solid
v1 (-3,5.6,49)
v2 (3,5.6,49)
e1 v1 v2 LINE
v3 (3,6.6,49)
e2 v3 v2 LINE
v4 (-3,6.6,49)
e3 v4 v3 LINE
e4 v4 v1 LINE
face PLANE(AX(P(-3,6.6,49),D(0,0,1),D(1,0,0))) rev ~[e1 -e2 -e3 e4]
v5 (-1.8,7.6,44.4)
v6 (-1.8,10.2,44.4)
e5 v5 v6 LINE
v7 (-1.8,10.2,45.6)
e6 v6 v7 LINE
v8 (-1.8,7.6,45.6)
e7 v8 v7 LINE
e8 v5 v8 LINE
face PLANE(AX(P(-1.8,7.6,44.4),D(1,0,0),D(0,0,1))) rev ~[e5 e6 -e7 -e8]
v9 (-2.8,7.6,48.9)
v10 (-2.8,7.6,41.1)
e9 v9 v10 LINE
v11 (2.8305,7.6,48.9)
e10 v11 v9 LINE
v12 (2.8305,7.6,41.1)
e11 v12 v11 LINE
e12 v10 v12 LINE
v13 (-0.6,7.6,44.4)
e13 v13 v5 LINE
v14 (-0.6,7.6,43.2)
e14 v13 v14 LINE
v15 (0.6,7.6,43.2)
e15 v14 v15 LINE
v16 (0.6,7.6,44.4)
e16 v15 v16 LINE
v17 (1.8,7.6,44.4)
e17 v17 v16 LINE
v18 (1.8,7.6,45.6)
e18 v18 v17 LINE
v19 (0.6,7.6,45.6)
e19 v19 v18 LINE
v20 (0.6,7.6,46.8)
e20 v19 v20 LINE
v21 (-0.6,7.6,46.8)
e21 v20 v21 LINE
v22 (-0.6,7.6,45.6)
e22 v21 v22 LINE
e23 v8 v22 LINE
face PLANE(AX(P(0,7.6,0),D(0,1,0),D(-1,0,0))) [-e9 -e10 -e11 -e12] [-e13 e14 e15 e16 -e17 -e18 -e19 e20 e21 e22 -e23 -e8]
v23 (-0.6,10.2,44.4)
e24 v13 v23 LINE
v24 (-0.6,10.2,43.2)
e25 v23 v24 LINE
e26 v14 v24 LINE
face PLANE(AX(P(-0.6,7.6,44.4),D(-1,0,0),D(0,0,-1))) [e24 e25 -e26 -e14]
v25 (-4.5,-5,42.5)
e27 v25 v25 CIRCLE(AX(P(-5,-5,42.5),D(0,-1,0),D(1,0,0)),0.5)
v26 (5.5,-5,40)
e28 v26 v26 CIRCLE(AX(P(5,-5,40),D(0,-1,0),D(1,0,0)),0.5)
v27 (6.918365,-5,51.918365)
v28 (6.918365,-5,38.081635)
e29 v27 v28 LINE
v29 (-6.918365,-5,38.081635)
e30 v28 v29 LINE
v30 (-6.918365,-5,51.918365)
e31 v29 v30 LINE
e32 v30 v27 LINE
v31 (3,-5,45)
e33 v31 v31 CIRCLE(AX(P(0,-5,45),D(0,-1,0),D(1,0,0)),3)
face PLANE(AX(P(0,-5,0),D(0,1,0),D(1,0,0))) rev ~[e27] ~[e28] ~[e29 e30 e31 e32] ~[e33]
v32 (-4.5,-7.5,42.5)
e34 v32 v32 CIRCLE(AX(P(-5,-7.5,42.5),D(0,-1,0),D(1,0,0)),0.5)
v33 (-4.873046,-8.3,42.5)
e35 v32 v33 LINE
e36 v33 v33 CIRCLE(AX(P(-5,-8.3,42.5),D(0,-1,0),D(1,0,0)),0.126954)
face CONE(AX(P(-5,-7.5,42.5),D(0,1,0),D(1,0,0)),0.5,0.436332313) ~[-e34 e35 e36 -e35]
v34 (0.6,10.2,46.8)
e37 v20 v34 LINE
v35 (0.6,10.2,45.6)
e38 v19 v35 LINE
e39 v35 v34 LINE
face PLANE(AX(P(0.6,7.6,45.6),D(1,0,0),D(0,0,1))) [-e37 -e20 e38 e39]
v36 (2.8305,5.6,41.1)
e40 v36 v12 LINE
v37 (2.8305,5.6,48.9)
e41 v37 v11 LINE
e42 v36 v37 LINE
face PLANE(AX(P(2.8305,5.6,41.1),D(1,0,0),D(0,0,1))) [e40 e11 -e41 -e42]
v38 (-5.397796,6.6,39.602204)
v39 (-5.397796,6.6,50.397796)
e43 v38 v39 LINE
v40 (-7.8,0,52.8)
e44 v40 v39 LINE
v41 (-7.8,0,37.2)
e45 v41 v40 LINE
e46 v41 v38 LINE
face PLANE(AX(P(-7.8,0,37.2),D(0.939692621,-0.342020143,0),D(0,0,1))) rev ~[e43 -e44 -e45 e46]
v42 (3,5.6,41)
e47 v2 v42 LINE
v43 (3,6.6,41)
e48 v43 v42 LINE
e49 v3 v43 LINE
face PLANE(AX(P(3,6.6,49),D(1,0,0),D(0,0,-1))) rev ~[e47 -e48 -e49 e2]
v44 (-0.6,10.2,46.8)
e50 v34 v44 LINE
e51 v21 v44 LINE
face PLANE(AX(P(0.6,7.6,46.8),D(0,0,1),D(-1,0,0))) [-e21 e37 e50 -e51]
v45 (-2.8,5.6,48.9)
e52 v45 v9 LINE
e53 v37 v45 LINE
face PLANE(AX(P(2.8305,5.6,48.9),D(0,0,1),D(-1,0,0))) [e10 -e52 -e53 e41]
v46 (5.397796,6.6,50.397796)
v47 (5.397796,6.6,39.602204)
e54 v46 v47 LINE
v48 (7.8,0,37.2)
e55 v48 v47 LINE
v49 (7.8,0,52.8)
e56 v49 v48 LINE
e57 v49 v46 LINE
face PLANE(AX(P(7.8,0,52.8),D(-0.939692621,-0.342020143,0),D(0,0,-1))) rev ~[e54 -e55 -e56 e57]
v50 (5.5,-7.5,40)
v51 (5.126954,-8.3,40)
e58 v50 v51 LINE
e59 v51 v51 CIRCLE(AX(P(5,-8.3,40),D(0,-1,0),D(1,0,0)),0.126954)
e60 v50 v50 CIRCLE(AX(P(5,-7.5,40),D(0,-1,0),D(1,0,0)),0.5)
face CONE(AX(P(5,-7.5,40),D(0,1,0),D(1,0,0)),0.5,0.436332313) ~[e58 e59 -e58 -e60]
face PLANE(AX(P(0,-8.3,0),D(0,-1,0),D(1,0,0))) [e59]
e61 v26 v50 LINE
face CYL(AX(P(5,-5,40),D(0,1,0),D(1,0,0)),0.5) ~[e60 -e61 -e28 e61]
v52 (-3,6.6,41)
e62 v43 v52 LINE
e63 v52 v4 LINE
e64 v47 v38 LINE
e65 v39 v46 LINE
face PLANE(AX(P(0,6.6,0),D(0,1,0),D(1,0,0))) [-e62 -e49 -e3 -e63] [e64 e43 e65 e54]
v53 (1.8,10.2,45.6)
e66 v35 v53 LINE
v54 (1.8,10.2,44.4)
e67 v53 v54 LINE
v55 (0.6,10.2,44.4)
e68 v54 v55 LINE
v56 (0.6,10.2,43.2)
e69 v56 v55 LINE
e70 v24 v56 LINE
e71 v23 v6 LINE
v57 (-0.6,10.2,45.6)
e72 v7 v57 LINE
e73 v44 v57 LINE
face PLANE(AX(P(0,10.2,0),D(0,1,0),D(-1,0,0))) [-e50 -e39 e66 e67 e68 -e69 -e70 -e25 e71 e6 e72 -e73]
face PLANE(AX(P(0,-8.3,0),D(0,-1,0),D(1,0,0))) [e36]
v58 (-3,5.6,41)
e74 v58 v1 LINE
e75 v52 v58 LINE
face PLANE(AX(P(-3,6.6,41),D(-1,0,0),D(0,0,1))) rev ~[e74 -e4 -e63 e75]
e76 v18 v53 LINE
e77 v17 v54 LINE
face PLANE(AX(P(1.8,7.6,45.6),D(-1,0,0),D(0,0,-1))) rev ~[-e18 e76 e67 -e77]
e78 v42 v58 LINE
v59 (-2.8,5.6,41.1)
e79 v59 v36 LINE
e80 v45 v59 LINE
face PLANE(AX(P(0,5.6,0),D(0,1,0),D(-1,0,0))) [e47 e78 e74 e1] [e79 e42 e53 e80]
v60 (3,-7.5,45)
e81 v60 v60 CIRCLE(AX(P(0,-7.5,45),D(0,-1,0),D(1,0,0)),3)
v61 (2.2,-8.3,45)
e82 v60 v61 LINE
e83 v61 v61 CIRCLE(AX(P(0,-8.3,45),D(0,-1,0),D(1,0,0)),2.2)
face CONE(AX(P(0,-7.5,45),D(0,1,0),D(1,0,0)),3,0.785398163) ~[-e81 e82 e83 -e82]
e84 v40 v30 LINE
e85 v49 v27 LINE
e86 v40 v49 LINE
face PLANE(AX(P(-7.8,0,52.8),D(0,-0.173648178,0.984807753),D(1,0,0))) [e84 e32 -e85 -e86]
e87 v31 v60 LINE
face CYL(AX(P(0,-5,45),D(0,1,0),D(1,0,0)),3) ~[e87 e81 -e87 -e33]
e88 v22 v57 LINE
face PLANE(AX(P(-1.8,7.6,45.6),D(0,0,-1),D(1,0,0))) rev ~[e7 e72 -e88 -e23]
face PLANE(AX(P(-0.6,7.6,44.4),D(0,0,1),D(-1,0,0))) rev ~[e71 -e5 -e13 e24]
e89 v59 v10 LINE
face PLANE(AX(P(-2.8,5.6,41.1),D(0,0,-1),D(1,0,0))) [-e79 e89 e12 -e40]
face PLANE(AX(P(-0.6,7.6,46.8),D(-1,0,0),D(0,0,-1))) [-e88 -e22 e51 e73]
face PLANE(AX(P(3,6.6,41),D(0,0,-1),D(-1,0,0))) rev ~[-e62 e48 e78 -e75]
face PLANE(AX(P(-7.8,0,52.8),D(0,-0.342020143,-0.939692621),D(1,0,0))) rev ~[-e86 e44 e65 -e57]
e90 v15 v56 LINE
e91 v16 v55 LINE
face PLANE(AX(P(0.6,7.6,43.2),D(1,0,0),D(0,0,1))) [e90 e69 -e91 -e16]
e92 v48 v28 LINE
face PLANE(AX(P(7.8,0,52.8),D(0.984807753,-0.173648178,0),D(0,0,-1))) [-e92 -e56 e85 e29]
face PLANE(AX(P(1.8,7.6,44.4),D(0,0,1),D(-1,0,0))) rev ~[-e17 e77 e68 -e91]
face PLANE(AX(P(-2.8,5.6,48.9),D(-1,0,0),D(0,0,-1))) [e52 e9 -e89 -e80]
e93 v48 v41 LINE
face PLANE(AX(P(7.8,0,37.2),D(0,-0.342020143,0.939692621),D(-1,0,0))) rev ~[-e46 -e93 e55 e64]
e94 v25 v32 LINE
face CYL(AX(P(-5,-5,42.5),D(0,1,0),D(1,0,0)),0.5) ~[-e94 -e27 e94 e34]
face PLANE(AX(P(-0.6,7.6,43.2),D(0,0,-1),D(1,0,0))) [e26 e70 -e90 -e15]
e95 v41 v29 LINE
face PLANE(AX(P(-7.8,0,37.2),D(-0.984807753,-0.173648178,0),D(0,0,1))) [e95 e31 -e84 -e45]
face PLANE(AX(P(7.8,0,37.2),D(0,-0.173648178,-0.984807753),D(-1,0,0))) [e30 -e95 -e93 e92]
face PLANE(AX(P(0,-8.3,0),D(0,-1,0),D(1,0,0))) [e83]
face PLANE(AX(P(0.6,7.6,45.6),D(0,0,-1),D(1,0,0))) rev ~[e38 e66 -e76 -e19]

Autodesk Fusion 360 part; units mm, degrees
sketch "Sketch1" plane through (0, 0, 0) normal (0, 1, 0) x (1, 0, 0)
sketch "Sketch2" plane through (0, 0, 0) normal (0, 1, 0) x (1, 0, 0)
sketch "Sketch3" plane through (0, 0, 0) normal (0, 1, 0) x (1, 0, 0)
  line L0 (-7.8, -52.8) -> (7.8, -52.8)
  line L1 (7.8, -52.8) -> (7.8, -37.2)
  line L2 (7.8, -37.2) -> (-7.8, -37.2)
  line L3 (-7.8, -37.2) -> (-7.8, -52.8)
  line L4 (-7.8, -52.8) -> (7.8, -37.2) construction
  line L5 (7.8, -52.8) -> (-7.8, -37.2) construction
  point P0 (0, -45)
  dimension "d3" = 15.6
  dimension "d4" = 15.6
extrude "Extrude1" add sketch "Sketch3" along normal blind 6.6 draft -20 makes body 1
sketch "Sketch4" plane through (0, 0, 0) normal (1, 0, 0) x (0, 0, -1)
extrude "Extrude2" add 1 faces at (-2.6, 0, 42.4) along direction (0, -1, 0) blind 5 draft -10 on bodies 1 bodies 1
sketch "Sketch5" plane through (0, 6.6, 0) normal (0, 1, 0) x (-1, 0, 0)
  line L0 (-5.3978, 39.6022) -> (5.3978, 39.6022)
  line L1 (5.3978, 39.6022) -> (5.3978, 50.3978)
  line L2 (5.3978, 50.3978) -> (-5.3978, 50.3978)
  line L3 (-5.3978, 50.3978) -> (-5.3978, 39.6022)
  line L4 (-3, 41) -> (3, 41)
  line L5 (3, 41) -> (3, 49)
  line L6 (3, 49) -> (-3, 49)
  line L7 (-3, 49) -> (-3, 41)
  line L8 (-3, 41) -> (3, 49) construction
  line L9 (3, 41) -> (-3, 49) construction
  point P0 (0, 45)
extrude "Extrude3" cut sketch "Sketch5" against normal blind 1 contours L4 L5 L6 L7 bodies 1
sketch "Sketch6" plane through (0, 5.6, 0) normal (0, 1, 0) x (-1, 0, 0)
  line L0 (-3, 49) -> (-3, 41)
  line L1 (-3, 41) -> (3, 41)
  line L2 (3, 41) -> (3, 49)
  line L3 (3, 49) -> (-3, 49)
  line L4 (2.8, 41.1) -> (-2.8305, 41.1)
  line L5 (-2.8305, 41.1) -> (-2.8305, 48.9)
  line L6 (-2.8305, 48.9) -> (2.8, 48.9)
  line L7 (2.8, 48.9) -> (2.8, 41.1)
  line L8 (2.8, 41.1) -> (-2.8305, 48.9) construction
  line L9 (-2.8305, 41.1) -> (2.8, 48.9) construction
  point P0 (-0.0152, 45)
extrude "Extrude4" add sketch "Sketch6" along normal blind 2 contours L4 L5 L6 L7 bodies 1
sketch "Sketch7" plane through (0, 7.6, 0) normal (0, 1, 0) x (-1, 0, 0)
  line L0 (2.8, 48.9) -> (-2.8305, 48.9)
  line L1 (-2.8305, 48.9) -> (-2.8305, 41.1)
  line L2 (-2.8305, 41.1) -> (2.8, 41.1)
  line L3 (2.8, 41.1) -> (2.8, 48.9)
  line L4 (0.6, 43.2) -> (-0.6, 43.2)
  line L5 (-0.6, 43.2) -> (-0.6, 46.8)
  line L6 (-0.6, 46.8) -> (0.6, 46.8)
  line L7 (0.6, 46.8) -> (0.6, 43.2)
  line L8 (0.6, 43.2) -> (-0.6, 46.8) construction
  line L9 (-0.6, 43.2) -> (0.6, 46.8) construction
  line L10 (-1.8, 44.4) -> (1.8, 44.4)
  line L11 (1.8, 44.4) -> (1.8, 45.6)
  line L12 (1.8, 45.6) -> (-1.8, 45.6)
  line L13 (-1.8, 45.6) -> (-1.8, 44.4)
  line L14 (-1.8, 44.4) -> (1.8, 45.6) construction
  line L15 (1.8, 44.4) -> (-1.8, 45.6) construction
  point P0 (0, 45)
  point P1 (0, 45)
extrude "Extrude5" add sketch "Sketch7" along normal blind 3.2 contours L4 L5 L7 L10 | L5 L7 L10 L12 | L7 L10 L11 L12 | L5 L10 L12 L13 | L5 L6 L7 L12 bodies 1
sketch "Sketch8" plane through (-2.8, 0, 0) normal (-1, 0, 0) x (0, 0, 1)
  line L0 (41.1, 5.6) -> (48.9, 5.6)
  line L1 (48.9, 5.6) -> (48.9, 7.6)
  line L2 (48.9, 7.6) -> (41.1, 7.6)
  line L3 (41.1, 7.6) -> (41.1, 5.6)
extrude "Extrude6" cut 1 faces at (1.4, 10.8, 45.2) along direction (0, -1, 0) blind 0.6 on bodies 1 bodies 1
sketch "Sketch9" plane through (0, -5, 0) normal (0, -1, 0) x (1, 0, 0)
  line L0 (6.9184, 51.9184) -> (-6.9184, 51.9184)
  line L1 (-6.9184, 51.9184) -> (-6.9184, 38.0816)
  line L2 (-6.9184, 38.0816) -> (6.9184, 38.0816)
  line L3 (6.9184, 38.0816) -> (6.9184, 51.9184)
  circle A0 centre (0, 45) radius 3
extrude "Extrude7" add sketch "Sketch9" along normal blind 2.5 contours A0 bodies 1
extrude "Extrude8" add 1 faces at (0.8808, -7.5, 44.8347) along direction (0, -1, 0) blind 0.8 draft -45 on bodies 1 bodies 1
sketch "Sketch10" plane through (0, -5, 0) normal (0, -1, 0) x (1, 0, 0)
  circle A0 centre (0, 45) radius 3
  line L0 (6.9184, 51.9184) -> (-6.9184, 51.9184)
  line L1 (-6.9184, 51.9184) -> (-6.9184, 38.0816)
  line L2 (-6.9184, 38.0816) -> (6.9184, 38.0816)
  line L3 (6.9184, 38.0816) -> (6.9184, 51.9184)
  circle A1 centre (-5, 42.5) radius 0.5
  circle A2 centre (5, 40) radius 0.5
extrude "Extrude9" add sketch "Sketch10" along normal blind 2.5 contours A1 | A2 bodies 1
extrude "Extrude10" add 2 faces at (-5.0609, -7.5, 42.6551) (4.9391, -7.5, 40.1551) along direction (0, -1, 0) blind 0.8 draft -25 on bodies 1 bodies 1
sketch "Sketch11" plane through (-2.8, 0, 0) normal (-1, 0, 0) x (0, 0, 1)
copy_body "Body->Comp1" bodies 1 removing the originals makes body 2 in component "Switch"
component "Switch" placed x (1, 0, 0) y (0, 1, 0) z (0, 0, 1) at (0, 0, 0)
